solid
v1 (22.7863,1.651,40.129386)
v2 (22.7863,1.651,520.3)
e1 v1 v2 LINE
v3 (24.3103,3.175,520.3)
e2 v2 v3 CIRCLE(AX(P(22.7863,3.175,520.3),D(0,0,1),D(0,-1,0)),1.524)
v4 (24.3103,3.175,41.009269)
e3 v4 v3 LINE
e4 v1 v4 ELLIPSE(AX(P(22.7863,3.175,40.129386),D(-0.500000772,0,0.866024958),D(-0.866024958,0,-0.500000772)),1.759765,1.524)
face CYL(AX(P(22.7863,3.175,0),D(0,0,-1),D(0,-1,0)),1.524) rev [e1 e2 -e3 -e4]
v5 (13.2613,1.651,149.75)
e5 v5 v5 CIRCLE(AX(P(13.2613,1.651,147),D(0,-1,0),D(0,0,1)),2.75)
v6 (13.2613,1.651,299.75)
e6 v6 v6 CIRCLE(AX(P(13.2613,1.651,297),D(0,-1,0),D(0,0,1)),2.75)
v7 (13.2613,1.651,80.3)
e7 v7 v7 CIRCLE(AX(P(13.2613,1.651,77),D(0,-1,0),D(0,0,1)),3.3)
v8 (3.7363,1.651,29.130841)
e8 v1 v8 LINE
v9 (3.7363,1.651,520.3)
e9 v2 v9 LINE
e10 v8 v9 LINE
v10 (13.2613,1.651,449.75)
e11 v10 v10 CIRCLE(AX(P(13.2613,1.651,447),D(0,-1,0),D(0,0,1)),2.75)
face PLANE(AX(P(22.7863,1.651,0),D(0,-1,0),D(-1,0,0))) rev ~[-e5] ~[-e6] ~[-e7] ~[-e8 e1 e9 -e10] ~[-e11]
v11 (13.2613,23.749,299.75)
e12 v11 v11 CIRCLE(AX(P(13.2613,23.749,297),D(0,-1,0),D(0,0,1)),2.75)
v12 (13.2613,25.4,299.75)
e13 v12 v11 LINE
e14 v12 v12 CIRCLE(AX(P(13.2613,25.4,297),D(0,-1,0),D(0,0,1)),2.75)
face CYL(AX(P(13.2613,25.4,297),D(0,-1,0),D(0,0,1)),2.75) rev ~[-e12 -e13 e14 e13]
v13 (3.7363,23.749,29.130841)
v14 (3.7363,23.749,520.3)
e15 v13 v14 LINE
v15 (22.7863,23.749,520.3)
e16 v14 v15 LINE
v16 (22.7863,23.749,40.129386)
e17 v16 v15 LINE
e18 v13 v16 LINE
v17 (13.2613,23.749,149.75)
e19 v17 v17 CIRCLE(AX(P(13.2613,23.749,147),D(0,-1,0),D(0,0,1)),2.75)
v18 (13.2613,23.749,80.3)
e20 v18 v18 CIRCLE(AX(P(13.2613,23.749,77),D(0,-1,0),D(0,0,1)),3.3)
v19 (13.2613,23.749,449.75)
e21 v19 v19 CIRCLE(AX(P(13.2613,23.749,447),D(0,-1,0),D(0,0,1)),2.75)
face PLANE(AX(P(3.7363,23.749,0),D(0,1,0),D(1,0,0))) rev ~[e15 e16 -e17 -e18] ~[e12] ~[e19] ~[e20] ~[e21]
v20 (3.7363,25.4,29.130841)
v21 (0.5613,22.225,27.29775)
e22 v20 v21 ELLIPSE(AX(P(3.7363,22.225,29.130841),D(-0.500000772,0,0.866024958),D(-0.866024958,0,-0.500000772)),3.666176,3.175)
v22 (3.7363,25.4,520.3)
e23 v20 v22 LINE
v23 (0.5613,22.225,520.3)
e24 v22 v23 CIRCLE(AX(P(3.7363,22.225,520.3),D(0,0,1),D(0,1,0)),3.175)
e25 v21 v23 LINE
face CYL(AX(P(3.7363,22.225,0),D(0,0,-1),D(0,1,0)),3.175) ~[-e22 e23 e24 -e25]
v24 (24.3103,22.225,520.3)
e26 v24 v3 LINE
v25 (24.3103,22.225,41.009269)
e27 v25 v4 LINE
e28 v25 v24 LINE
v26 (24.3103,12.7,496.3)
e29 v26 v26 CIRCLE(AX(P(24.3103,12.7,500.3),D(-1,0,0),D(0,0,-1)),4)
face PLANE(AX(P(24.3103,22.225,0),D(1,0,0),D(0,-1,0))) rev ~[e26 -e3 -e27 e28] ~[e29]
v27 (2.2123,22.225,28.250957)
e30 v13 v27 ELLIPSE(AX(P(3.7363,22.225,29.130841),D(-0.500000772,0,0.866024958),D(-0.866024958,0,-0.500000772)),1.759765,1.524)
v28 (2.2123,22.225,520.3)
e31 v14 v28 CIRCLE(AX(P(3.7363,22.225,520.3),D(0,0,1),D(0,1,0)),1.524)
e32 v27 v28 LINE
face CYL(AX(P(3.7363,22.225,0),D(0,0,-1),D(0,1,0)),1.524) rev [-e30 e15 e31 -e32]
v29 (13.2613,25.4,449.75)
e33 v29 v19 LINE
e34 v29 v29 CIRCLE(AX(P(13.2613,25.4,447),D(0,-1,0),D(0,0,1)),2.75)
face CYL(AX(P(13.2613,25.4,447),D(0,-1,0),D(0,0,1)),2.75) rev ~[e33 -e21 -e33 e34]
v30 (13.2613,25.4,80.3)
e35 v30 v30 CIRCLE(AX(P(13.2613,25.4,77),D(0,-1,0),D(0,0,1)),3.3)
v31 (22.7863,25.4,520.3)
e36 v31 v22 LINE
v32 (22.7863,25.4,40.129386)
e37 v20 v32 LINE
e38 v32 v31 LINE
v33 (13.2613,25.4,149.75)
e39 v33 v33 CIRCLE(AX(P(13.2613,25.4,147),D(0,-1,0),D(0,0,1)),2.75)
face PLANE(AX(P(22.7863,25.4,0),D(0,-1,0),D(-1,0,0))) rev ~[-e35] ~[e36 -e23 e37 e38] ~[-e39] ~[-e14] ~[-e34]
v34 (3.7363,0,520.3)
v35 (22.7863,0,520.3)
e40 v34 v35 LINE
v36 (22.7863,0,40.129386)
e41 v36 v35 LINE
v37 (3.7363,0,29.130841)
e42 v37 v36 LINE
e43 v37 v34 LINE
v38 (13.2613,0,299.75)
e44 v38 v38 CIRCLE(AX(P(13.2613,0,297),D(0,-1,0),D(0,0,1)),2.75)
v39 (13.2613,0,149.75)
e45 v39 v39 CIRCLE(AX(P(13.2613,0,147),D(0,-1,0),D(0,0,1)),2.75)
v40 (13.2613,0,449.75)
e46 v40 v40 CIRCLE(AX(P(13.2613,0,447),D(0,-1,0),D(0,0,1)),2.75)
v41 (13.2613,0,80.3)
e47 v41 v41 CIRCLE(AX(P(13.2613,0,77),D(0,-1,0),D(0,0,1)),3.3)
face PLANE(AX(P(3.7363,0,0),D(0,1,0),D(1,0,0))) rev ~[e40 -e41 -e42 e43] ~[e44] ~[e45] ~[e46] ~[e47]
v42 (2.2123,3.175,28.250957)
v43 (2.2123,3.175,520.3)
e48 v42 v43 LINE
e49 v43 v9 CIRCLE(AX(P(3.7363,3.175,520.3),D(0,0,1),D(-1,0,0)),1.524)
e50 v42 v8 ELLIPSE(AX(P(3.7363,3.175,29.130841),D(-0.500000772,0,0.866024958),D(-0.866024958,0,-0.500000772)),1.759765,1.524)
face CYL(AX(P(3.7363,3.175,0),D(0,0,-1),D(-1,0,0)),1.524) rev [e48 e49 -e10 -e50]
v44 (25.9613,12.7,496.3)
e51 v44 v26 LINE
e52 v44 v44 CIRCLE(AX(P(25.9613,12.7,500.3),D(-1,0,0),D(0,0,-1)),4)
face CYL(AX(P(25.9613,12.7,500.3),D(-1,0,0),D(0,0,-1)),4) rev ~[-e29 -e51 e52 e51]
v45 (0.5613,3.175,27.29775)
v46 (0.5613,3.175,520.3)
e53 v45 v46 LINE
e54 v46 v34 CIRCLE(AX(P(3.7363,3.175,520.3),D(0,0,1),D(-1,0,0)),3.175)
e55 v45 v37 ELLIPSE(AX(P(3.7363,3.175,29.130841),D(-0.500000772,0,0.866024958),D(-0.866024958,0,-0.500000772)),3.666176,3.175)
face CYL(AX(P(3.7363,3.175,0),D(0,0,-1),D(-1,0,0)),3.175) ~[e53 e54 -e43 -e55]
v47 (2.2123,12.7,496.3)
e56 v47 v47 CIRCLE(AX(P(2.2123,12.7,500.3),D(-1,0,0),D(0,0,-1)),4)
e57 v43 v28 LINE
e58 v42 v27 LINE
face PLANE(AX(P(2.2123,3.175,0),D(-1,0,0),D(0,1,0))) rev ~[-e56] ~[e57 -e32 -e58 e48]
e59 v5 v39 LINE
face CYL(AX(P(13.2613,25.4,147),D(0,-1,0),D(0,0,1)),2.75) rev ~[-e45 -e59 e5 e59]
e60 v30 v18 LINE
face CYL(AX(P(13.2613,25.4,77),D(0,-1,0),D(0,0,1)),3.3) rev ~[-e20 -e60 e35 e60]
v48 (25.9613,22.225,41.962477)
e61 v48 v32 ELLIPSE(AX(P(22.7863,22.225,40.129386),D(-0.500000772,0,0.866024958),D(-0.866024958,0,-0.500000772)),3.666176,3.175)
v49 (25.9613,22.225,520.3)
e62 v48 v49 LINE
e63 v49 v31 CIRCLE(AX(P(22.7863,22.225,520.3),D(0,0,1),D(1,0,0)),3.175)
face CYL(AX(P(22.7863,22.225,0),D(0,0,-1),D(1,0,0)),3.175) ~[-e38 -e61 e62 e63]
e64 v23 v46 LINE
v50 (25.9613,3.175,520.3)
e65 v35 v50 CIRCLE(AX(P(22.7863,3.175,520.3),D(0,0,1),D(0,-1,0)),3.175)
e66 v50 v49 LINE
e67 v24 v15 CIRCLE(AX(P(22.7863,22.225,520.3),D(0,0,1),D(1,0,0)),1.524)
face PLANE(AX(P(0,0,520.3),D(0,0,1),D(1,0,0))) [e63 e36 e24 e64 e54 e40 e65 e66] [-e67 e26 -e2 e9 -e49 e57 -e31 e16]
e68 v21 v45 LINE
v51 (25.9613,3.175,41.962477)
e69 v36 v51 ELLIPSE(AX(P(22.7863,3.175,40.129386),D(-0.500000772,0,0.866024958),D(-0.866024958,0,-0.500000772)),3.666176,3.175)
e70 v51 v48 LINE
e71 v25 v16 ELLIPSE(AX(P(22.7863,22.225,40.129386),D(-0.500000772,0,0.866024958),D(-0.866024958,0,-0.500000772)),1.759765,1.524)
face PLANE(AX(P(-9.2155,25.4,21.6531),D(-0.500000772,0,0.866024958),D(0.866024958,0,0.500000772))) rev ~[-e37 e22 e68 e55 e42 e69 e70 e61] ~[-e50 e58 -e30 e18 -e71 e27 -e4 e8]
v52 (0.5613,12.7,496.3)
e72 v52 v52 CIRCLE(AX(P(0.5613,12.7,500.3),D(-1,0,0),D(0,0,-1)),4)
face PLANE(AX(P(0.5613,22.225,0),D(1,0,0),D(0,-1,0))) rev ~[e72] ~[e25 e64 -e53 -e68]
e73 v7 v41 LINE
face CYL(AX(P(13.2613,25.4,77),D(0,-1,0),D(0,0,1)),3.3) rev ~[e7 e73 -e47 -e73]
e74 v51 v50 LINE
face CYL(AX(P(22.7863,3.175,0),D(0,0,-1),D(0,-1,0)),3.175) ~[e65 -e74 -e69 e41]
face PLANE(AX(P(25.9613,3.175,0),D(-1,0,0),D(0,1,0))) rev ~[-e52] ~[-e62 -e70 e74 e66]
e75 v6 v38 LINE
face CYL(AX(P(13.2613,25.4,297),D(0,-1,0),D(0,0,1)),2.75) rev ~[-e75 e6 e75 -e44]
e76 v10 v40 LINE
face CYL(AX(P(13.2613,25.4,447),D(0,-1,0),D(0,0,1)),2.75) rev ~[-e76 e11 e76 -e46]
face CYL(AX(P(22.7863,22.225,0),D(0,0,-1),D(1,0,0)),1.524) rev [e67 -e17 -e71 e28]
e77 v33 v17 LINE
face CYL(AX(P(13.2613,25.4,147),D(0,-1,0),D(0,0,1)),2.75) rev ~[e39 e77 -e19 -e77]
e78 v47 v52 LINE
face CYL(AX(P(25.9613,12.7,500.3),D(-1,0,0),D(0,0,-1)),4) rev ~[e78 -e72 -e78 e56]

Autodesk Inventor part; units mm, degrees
ref_plane "YZ Plane" through (0, 0, 0) normal (1, 0, 0) x (0, 1, 0)
ref_plane "XZ Plane" through (0, 0, 0) normal (0, 1, 0) x (-1, 0, 0)
ref_plane "XY Plane" through (0, 0, 0) normal (0, 0, 1) x (1, 0, 0)
sketch "Sketch1" plane through (0, 0, 0) normal (0, 0, 1) x (1, 0, 0)
  line L0 (3.7363, 0) -> (22.7863, 0)
  line L1 (25.9613, 3.175) -> (25.9613, 22.225)
  line L2 (22.7863, 25.4) -> (3.7363, 25.4)
  line L3 (0.5613, 22.225) -> (0.5613, 3.175)
  arc A0 (3.7363, 25.4) -> (0.5613, 22.225) centre (3.7363, 22.225) ccw
  arc A1 (0.5613, 3.175) -> (3.7363, 0) centre (3.7363, 3.175) ccw
  arc A2 (22.7863, 0) -> (25.9613, 3.175) centre (22.7863, 3.175) ccw
  arc A3 (25.9613, 22.225) -> (22.7863, 25.4) centre (22.7863, 22.225) ccw
  line L4 (3.7363, 23.749) -> (22.7863, 23.749)
  arc A4 (24.3103, 22.225) -> (22.7863, 23.749) centre (22.7863, 22.225) ccw
  line L5 (24.3103, 22.225) -> (24.3103, 3.175)
  arc A5 (22.7863, 1.651) -> (24.3103, 3.175) centre (22.7863, 3.175) ccw
  line L6 (22.7863, 1.651) -> (3.7363, 1.651)
  arc A6 (2.2123, 3.175) -> (3.7363, 1.651) centre (3.7363, 3.175) ccw
  line L7 (2.2123, 3.175) -> (2.2123, 22.225)
  arc A7 (3.7363, 23.749) -> (2.2123, 22.225) centre (3.7363, 22.225) ccw
  point P0 (0, 0)
  point P1 (0.5613, 0)
  point P2 (25.9613, 0)
  point P3 (0.5613, 25.4)
  dimension "d0" = 25.4
  dimension "d2" = 25.4
  dimension "d3" = 3.175
  dimension "d4" = 1.651
extrude "tube" add sketch "Sketch1" along normal blind 520.3
sketch "Sketch11" plane through (3.7363, 25.4, 0) normal (0, 1, 0) x (1, 0, 0)
  line L0 (19.05, 0) -> (0, 0) projected
  circle A0 centre (9.525, -20) radius 2.8743
  point P0 (-3.7363, 0)
  dimension "d83" = 20
hole "centerHole_cutOff" at (13.2613, 25.4, 20) direction (0, -1, 0) diameter 6.35 end through all
sketch "Sketch12" plane through (3.7363, 25.4, 0) normal (0, 1, 0) x (1, 0, 0)
  circle A0 centre (9.525, -20) radius 3.175 projected
  circle A1 centre (9.525, -77) radius 2.5235
  point P0 (-3.7363, 0)
  dimension "d91" = 57
hole "collarHole" at (13.2613, 25.4, 77) direction (0, -1, 0) diameter 6.6 end through all clearance for "Hex Head Bolt" size "M6" standard "Ansi Metric M Profile"
sketch "Sketch8" plane through (3.7363, 25.4, 520.3) normal (0, 1, 0) x (1, 0, 0)
  line L0 (0, 520.3) -> (0, 0) projected
  circle A0 centre (9.525, 73.3) radius 1.5875
  circle A1 centre (9.525, 223.3) radius 1.5875
  circle A2 centre (9.525, 373.3) radius 1.5875
  circle A3 centre (9.525, 500.3) radius 3.175 projected
  point P0 (0, 518.1689)
  point P1 (-3.7363, 520.3)
  dimension "d43" = 3.175
  dimension "d47" = 150
  dimension "d99" = 127
hole "armAttach" at (13.2613, 25.4, 447) at (13.2613, 25.4, 297) at (13.2613, 25.4, 147) direction (0, -1, 0) diameter 5.5 end through all
sketch "Sketch6" plane through (25.9613, 3.175, 520.3) normal (1, 0, 0) x (0, 0, -1)
  line L0 (0, 0) -> (0, 19.05) projected
  circle A0 centre (20, 9.525) radius 2.9685
  point P0 (520.3, -3.175)
  dimension "d27" = 20
hole "ropeAttach" at (25.9613, 12.7, 500.3) direction (-1, 0, 0) diameter 8 end through all
sketch "Sketch13" plane through (3.7363, 25.4, 0) normal (0, 1, 0) x (1, 0, 0)
  circle A0 centre (9.525, -20) radius 3.175 projected
  line L0 (9.525, -20) -> (9.525, -34.6812) construction
  line L1 (-12.9518, -21.6531) -> (31.0422, -47.0531)
  line L2 (0, -34.6812) -> (50.8, -34.6812) construction
  line L3 (-12.9518, 4.6365) -> (31.0422, 4.6365)
  line L4 (31.0422, -47.0531) -> (31.0422, 4.6365)
  line L5 (-12.9518, 4.6365) -> (-12.9518, -21.6531)
  point P0 (-3.7363, 0)
  dimension "d100" = 14.6812
  dimension "d101" = 50.8
  dimension "d102" = 30
extrude "angledEnd" cut sketch "Sketch13" against normal blind 50.8
equation "\"d0\" = tube"
equation "\"d2\" = tube"
equation "\"tube\" = 25.4"
properties part number "2f2ax1" material "Steel"
